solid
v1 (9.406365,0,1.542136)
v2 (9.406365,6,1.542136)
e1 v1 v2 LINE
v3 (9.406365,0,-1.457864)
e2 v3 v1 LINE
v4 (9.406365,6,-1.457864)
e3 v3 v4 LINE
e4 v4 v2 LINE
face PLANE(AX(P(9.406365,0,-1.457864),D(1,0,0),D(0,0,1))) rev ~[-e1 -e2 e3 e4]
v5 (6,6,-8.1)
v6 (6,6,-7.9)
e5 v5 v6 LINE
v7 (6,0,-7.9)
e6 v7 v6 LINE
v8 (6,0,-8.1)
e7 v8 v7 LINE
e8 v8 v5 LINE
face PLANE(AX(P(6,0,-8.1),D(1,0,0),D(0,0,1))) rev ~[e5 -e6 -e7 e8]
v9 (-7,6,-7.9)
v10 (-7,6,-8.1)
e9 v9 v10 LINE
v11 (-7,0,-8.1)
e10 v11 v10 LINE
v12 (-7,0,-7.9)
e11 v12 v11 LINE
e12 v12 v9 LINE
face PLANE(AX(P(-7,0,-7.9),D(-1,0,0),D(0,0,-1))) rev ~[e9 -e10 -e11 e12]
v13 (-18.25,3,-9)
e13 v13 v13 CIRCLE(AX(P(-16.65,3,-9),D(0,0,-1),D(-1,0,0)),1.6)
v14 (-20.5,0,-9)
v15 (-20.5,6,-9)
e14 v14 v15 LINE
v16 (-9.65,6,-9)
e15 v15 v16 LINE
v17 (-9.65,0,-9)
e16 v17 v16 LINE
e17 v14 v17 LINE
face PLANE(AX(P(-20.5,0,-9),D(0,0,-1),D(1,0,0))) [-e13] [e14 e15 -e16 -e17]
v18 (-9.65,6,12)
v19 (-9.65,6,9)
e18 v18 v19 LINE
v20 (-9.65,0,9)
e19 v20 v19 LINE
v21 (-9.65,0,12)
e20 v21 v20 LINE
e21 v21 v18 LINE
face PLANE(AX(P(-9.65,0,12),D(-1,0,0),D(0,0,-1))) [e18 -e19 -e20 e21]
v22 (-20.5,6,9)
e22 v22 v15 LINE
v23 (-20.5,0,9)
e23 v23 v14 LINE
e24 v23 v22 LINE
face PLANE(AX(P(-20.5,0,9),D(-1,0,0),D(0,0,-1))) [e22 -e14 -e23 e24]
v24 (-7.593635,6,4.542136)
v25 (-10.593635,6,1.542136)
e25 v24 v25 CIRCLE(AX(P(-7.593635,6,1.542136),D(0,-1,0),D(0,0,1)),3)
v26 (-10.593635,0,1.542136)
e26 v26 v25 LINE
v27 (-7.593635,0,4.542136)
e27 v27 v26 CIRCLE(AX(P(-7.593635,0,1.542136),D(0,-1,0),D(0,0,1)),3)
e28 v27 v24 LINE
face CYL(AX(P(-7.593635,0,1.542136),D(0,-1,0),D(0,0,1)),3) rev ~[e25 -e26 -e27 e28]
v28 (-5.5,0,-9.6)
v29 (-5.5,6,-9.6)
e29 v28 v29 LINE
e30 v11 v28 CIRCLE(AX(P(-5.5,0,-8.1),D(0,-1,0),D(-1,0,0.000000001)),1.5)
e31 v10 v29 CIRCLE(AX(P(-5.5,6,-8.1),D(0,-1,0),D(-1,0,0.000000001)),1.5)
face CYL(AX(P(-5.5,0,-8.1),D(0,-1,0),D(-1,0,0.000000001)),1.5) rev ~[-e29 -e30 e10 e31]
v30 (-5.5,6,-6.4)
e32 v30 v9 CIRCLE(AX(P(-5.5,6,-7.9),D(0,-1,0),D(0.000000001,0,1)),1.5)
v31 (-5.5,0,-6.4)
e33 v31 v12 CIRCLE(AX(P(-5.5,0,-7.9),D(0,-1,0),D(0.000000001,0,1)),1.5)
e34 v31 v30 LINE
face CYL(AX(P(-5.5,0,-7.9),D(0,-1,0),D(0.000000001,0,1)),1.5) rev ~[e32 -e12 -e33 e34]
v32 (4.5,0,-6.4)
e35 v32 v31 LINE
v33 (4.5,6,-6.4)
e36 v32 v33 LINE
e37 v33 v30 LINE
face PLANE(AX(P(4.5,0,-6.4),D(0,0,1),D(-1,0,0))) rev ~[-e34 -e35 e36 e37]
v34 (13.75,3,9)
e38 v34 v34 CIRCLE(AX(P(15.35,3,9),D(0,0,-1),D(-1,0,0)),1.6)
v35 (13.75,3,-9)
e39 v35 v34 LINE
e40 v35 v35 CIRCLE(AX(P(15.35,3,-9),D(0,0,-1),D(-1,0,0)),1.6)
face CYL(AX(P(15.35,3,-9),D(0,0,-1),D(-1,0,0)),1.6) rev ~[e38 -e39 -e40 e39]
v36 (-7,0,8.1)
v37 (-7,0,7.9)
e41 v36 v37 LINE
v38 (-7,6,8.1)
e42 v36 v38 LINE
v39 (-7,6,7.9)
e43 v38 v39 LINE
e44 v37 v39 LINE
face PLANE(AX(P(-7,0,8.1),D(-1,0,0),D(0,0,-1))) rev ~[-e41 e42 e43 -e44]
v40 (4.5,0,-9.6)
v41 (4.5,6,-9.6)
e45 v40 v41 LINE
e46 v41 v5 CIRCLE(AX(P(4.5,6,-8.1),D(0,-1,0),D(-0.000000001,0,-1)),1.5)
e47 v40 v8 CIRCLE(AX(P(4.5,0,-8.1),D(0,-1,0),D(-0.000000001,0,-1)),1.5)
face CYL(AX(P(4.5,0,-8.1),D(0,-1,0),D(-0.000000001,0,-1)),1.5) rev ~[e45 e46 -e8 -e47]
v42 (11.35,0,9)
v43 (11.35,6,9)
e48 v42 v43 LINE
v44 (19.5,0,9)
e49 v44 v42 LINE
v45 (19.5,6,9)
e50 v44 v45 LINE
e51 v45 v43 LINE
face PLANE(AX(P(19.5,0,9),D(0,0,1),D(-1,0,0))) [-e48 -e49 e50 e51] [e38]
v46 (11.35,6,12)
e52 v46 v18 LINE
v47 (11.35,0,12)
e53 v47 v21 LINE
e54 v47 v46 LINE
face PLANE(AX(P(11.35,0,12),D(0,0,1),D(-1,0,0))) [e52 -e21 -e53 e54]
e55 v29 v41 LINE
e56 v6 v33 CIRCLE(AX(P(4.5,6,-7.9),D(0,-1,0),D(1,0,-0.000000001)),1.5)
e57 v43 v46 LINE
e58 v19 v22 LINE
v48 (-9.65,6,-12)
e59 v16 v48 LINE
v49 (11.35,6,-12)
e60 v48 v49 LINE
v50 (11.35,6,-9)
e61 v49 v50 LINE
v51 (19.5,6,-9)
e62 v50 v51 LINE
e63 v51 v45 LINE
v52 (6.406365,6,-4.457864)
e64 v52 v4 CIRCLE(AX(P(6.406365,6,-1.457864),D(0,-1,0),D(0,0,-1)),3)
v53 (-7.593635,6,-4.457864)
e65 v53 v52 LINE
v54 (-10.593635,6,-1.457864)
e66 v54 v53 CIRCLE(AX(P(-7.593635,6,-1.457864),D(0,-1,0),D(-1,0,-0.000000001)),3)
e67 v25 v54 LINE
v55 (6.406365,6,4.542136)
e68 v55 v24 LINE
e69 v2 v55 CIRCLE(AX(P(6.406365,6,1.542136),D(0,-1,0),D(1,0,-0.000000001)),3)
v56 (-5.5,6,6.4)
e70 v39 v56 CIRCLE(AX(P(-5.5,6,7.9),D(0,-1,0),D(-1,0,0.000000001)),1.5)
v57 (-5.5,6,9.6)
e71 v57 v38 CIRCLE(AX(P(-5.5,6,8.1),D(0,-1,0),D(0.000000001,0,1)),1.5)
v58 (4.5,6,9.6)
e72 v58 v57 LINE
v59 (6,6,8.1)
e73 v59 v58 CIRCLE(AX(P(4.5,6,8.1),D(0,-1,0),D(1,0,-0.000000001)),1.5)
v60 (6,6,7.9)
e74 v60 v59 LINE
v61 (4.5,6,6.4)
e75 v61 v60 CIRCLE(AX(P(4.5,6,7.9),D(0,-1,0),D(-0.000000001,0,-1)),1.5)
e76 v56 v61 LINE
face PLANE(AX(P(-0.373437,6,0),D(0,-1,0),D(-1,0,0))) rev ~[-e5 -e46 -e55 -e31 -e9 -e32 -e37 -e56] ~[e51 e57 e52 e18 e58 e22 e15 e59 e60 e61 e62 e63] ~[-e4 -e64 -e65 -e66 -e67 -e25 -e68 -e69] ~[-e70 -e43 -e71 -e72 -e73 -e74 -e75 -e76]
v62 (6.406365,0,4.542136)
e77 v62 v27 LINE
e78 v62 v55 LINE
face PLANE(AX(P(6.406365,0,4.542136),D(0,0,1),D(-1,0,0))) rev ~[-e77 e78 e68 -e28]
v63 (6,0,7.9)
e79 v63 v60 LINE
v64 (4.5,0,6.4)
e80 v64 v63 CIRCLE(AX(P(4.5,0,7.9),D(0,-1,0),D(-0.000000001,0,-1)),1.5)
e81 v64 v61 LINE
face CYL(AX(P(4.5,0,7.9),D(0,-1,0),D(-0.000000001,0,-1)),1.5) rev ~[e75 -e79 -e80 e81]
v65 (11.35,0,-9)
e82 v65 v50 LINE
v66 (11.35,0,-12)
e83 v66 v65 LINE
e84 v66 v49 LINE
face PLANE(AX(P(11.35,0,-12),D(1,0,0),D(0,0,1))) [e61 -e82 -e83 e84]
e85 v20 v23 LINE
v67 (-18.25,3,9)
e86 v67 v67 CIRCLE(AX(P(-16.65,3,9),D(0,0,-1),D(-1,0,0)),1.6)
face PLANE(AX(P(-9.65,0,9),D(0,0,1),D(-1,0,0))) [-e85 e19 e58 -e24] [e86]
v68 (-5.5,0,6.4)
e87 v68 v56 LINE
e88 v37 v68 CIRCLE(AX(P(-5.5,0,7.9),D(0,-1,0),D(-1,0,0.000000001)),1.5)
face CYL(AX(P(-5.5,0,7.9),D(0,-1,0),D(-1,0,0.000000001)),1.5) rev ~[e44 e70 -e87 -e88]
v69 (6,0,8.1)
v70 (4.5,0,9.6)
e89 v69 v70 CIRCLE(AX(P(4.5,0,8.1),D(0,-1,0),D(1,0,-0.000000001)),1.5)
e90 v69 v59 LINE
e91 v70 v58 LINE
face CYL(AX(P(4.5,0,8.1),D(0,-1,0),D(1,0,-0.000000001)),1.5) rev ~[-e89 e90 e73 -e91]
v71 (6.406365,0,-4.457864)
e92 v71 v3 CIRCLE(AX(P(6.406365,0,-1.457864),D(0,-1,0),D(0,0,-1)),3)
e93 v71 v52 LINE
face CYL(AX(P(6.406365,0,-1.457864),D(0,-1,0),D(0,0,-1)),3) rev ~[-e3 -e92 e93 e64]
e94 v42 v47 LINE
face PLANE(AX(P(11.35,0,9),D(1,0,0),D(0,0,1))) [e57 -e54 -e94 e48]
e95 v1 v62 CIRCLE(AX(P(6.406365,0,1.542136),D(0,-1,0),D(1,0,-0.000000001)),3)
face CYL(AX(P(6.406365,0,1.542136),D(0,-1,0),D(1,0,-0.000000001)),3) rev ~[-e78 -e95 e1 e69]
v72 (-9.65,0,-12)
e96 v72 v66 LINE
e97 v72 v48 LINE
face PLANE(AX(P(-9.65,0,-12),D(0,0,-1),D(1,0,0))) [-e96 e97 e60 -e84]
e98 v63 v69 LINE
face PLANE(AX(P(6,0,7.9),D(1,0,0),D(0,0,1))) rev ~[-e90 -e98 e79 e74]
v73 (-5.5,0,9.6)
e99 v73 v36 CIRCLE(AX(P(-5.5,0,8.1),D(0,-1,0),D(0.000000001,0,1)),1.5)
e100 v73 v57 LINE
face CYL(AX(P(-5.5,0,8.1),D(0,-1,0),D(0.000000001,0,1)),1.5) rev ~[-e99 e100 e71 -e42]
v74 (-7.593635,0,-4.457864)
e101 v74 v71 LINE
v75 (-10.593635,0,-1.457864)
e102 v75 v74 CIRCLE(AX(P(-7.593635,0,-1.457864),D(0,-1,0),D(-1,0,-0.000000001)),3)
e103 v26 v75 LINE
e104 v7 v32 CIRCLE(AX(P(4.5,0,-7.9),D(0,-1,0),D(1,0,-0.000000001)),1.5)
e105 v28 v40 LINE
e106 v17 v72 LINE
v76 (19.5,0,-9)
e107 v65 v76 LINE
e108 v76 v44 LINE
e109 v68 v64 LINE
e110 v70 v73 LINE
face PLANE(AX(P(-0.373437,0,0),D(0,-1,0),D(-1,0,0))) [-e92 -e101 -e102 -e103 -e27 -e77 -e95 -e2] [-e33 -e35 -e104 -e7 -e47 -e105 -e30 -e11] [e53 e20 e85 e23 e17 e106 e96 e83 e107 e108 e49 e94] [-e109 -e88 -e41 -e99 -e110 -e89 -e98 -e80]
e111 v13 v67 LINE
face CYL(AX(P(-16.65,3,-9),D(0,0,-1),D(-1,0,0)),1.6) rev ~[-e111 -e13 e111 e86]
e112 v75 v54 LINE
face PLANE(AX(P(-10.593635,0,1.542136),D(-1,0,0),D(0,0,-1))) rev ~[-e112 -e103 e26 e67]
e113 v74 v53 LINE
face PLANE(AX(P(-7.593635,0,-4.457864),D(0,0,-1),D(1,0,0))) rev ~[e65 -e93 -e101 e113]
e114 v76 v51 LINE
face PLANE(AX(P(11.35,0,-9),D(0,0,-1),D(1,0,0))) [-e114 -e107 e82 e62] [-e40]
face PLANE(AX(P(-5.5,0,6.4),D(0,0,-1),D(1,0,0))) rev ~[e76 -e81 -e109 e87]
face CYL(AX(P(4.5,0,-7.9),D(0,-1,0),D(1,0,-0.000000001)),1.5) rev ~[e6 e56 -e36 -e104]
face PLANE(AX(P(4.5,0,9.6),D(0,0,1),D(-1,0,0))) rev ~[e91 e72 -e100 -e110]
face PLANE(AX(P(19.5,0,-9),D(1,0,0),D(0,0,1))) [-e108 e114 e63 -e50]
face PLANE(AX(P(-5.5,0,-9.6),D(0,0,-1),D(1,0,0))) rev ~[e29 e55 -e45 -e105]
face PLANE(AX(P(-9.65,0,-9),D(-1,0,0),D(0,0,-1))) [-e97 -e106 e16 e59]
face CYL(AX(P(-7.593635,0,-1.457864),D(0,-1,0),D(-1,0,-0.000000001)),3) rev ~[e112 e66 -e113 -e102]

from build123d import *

# Parameters (mm, degrees)
EXTRUDE_1_DEPTH     = 6
SKETCH_2_R          = 1.6
CUT_EXTRUDE_1_DEPTH = 22


with BuildPart() as part:
    # Эскиз1 → Бобышка-Вытянуть1 (new body)
    with BuildSketch(Plane(origin=(0, 0, 0), x_dir=(1, 0, 0), z_dir=(0, 1, 0))):
        Polygon((-9.65, 9), (-9.65, 12), (11.35, 12), (11.35, 9), (19.5, 9), (19.5, -9), (11.35, -9), (11.35, -12), (-9.65, -12), (-9.65, -9), (-20.5, -9), (-20.5, 9), align=None)
        with BuildLine():
            Line((6.406364979, -4.542135759), (-7.593635021, -4.542135759))
            ThreePointArc((-7.593635021, -4.542135759), (-9.714955364, -3.663456103), (-10.593635021, -1.542135759))
            Line((-10.593635021, -1.542135759), (-10.593635021, 1.457864241))
            ThreePointArc((-10.593635021, 1.457864241), (-9.714955364, 3.579184584), (-7.593635021, 4.457864241))
            Line((-7.593635021, 4.457864241), (6.406364979, 4.457864241))
            ThreePointArc((6.406364979, 4.457864241), (8.527685323, 3.579184584), (9.406364979, 1.457864241))
            Line((9.406364979, 1.457864241), (9.406364979, -1.542135759))
            ThreePointArc((9.406364979, -1.542135759), (8.527685323, -3.663456103), (6.406364979, -4.542135759))
        make_face(mode=Mode.SUBTRACT)
        with BuildLine():
            Line((4.5, 6.4), (-5.5, 6.4))
            ThreePointArc((-5.5, 6.4), (-6.560660172, 6.839339828), (-7, 7.9))
            Line((-7, 7.9), (-7, 8.1))
            ThreePointArc((-7, 8.1), (-6.560660172, 9.160660172), (-5.5, 9.6))
            Line((-5.5, 9.6), (4.5, 9.6))
            ThreePointArc((4.5, 9.6), (5.560660172, 9.160660172), (6, 8.1))
            Line((6, 8.1), (6, 7.9))
            ThreePointArc((6, 7.9), (5.560660172, 6.839339828), (4.5, 6.4))
        make_face(mode=Mode.SUBTRACT)
        with BuildLine():
            Line((4.5, -9.6), (-5.5, -9.6))
            ThreePointArc((-5.5, -9.6), (-6.560660172, -9.160660172), (-7, -8.1))
            Line((-7, -8.1), (-7, -7.9))
            ThreePointArc((-7, -7.9), (-6.560660172, -6.839339828), (-5.5, -6.4))
            Line((-5.5, -6.4), (4.5, -6.4))
            ThreePointArc((4.5, -6.4), (5.560660172, -6.839339828), (6, -7.9))
            Line((6, -7.9), (6, -8.1))
            ThreePointArc((6, -8.1), (5.560660172, -9.160660172), (4.5, -9.6))
        make_face(mode=Mode.SUBTRACT)
    extrude(amount=EXTRUDE_1_DEPTH)

    # Эскиз2 → Вырез-Вытянуть1 (cut, through all)
    with BuildSketch(Plane(origin=(0, 0, -9), x_dir=(-1, 0, 0), z_dir=(0, 0, -1))):
        with Locations((-15.35, 3)):
            Circle(SKETCH_2_R)
        with Locations((16.65, 3)):
            Circle(SKETCH_2_R)
    extrude(amount=-CUT_EXTRUDE_1_DEPTH, mode=Mode.SUBTRACT)


solid = part.part
